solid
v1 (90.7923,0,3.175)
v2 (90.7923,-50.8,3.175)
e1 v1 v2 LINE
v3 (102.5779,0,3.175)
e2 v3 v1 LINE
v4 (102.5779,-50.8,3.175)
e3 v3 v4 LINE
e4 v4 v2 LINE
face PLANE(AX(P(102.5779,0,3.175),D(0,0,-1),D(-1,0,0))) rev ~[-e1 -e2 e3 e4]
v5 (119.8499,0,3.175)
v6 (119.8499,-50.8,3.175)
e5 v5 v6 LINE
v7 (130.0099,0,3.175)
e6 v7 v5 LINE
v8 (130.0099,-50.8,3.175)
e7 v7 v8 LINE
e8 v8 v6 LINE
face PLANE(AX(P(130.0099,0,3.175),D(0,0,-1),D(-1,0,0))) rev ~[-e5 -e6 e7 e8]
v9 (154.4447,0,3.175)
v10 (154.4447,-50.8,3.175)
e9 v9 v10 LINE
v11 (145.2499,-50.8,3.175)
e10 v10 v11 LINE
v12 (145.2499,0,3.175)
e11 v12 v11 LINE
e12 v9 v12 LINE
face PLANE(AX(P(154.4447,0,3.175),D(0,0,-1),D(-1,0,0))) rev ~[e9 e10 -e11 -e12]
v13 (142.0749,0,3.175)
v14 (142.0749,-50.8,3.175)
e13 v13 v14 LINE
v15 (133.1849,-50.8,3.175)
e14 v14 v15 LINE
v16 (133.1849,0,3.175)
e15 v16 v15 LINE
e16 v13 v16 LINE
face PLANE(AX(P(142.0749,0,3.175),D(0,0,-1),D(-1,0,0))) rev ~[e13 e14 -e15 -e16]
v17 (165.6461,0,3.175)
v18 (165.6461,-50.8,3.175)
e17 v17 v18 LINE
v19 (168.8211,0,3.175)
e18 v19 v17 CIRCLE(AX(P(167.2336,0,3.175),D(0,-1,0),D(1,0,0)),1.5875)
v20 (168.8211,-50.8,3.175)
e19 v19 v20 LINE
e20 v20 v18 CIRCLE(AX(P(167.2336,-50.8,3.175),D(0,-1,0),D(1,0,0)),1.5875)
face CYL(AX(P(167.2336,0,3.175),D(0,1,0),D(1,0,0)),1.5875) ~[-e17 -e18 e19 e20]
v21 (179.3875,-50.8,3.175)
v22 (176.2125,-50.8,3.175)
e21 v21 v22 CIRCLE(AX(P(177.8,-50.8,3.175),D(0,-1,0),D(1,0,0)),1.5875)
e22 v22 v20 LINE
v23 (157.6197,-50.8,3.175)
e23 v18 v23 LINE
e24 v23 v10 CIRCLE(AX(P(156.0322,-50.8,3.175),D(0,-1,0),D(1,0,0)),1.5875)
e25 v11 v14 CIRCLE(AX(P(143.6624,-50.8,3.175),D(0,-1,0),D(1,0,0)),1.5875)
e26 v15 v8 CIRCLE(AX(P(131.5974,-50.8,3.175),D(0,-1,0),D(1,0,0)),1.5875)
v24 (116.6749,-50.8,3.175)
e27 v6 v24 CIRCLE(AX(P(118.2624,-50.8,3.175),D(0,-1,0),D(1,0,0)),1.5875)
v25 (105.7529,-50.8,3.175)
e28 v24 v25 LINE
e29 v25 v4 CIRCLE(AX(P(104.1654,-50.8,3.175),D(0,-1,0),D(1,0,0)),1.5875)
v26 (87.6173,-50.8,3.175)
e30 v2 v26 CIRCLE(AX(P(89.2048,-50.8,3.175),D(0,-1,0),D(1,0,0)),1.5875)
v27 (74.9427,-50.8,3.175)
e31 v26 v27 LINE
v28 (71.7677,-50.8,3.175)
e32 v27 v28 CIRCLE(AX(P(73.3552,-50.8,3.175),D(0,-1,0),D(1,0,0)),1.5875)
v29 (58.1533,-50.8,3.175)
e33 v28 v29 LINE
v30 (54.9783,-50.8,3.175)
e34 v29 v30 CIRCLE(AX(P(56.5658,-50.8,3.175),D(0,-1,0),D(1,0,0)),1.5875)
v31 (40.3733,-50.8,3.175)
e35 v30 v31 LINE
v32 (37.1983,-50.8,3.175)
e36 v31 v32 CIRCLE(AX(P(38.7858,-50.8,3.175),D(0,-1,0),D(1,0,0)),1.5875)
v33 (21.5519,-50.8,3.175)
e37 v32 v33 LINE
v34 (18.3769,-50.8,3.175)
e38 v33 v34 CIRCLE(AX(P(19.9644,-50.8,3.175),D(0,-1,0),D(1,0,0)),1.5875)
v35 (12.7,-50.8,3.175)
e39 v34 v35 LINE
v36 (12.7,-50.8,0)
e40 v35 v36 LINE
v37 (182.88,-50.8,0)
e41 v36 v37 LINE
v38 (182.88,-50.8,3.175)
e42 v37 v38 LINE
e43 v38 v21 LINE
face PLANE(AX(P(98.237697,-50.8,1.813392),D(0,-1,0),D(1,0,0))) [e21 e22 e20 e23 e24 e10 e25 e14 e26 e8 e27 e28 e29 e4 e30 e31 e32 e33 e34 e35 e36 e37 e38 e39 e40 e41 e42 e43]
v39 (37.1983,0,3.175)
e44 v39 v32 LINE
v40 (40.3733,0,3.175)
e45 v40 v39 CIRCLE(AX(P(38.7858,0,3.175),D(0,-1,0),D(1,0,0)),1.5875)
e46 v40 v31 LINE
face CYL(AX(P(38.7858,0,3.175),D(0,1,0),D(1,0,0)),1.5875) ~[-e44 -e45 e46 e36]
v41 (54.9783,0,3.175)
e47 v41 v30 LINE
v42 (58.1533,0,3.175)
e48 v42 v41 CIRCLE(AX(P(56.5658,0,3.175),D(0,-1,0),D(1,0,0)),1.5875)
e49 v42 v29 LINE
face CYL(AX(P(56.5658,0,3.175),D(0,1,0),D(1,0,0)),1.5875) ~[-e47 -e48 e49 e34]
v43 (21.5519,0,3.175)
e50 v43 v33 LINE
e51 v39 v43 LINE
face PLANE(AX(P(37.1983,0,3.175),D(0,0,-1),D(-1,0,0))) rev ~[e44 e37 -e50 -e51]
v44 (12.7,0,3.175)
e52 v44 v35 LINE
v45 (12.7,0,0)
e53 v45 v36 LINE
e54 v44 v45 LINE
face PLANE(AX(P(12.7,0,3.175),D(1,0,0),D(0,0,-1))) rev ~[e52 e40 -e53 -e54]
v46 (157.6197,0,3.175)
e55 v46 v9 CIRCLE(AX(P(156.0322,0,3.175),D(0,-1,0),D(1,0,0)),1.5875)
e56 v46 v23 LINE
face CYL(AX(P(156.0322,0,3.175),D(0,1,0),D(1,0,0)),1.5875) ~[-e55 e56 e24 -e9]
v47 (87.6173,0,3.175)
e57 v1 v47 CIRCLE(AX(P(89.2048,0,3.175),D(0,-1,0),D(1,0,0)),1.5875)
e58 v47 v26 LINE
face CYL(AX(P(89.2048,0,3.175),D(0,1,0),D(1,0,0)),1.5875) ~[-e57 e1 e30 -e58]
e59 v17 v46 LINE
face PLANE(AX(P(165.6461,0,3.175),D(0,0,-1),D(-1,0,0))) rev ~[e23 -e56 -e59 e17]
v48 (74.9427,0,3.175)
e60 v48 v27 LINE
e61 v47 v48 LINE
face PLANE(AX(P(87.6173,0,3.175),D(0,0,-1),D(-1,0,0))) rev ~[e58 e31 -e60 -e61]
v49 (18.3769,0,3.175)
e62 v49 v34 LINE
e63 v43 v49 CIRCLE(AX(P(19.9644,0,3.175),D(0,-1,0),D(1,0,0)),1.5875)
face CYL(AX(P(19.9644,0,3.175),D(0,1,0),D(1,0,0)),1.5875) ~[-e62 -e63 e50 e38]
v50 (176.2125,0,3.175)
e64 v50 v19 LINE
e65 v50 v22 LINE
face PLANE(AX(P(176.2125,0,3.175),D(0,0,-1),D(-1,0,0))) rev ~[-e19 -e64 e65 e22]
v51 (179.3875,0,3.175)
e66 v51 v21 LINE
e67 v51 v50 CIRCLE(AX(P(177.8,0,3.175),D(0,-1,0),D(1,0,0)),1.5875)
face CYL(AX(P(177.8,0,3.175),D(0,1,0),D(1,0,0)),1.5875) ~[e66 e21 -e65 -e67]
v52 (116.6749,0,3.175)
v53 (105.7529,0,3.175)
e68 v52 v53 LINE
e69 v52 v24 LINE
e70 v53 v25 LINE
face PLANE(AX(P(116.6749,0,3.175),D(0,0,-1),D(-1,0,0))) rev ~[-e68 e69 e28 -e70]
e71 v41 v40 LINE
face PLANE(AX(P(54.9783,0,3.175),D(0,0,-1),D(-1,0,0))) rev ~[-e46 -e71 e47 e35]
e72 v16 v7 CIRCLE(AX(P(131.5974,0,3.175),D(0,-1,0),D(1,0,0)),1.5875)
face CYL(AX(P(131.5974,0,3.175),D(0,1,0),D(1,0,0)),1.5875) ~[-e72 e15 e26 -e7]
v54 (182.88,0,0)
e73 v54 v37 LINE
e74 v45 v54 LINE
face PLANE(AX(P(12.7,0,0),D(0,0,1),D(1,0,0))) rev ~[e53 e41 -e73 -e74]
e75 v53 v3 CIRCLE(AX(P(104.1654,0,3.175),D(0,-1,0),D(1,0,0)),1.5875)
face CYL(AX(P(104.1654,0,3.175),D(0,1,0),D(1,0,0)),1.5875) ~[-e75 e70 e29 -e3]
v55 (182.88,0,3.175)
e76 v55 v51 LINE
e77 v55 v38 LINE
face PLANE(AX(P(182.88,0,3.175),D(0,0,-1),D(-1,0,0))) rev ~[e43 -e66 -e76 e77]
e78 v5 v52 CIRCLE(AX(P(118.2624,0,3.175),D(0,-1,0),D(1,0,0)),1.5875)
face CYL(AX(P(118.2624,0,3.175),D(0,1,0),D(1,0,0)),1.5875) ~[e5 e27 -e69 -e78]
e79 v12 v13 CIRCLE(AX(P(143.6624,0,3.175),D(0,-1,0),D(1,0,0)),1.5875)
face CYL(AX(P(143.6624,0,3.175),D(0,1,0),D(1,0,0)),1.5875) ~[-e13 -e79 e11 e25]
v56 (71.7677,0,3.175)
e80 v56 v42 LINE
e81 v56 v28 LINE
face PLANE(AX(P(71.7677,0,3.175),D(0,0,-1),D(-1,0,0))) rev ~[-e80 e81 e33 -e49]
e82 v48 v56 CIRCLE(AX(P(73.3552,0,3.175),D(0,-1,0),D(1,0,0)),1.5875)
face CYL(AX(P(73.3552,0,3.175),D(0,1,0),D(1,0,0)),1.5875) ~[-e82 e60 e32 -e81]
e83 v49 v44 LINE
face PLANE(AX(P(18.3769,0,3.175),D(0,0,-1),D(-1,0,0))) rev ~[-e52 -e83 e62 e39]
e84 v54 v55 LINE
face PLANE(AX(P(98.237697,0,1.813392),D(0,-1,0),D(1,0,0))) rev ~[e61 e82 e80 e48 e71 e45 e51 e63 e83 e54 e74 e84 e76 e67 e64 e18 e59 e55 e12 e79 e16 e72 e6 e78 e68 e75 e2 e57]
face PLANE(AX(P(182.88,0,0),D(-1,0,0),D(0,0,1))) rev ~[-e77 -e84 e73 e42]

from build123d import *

# Parameters (mm, degrees)
F1_DEPTH = 50.8


with BuildPart() as f1:
    # F0 (on Front) → F1 (new body)
    with BuildSketch(Plane.XZ):
        with BuildLine():
            Line((12.7, 3.175), (12.7, 0))
            Line((12.7, 0), (182.88, 0))
            Line((182.88, 0), (182.88, 3.175))
            Line((182.88, 3.175), (179.3875, 3.175))
            ThreePointArc((179.3875, 3.175), (177.8, 4.7625), (176.2125, 3.175))
            Line((176.2125, 3.175), (168.8211, 3.175))
            ThreePointArc((168.8211, 3.175), (167.2336, 4.7625), (165.6461, 3.175))
            Line((165.6461, 3.175), (157.6197, 3.175))
            ThreePointArc((157.6197, 3.175), (156.0322, 4.7625), (154.4447, 3.175))
            Line((154.4447, 3.175), (145.2499, 3.175))
            ThreePointArc((145.2499, 3.175), (143.6624, 4.7625), (142.0749, 3.175))
            Line((142.0749, 3.175), (133.1849, 3.175))
            ThreePointArc((133.1849, 3.175), (131.5974, 4.7625), (130.0099, 3.175))
            Line((130.0099, 3.175), (119.8499, 3.175))
            ThreePointArc((119.8499, 3.175), (118.2624, 4.7625), (116.6749, 3.175))
            Line((116.6749, 3.175), (105.7529, 3.175))
            ThreePointArc((105.7529, 3.175), (104.1654, 4.7625), (102.5779, 3.175))
            Line((102.5779, 3.175), (90.7923, 3.175))
            ThreePointArc((90.7923, 3.175), (89.2048, 4.7625), (87.6173, 3.175))
            Line((87.6173, 3.175), (74.9427, 3.175))
            ThreePointArc((74.9427, 3.175), (73.3552, 4.7625), (71.7677, 3.175))
            Line((71.7677, 3.175), (58.1533, 3.175))
            ThreePointArc((58.1533, 3.175), (56.5658, 4.7625), (54.9783, 3.175))
            Line((54.9783, 3.175), (40.3733, 3.175))
            ThreePointArc((40.3733, 3.175), (38.7858, 4.7625), (37.1983, 3.175))
            Line((37.1983, 3.175), (21.5519, 3.175))
            ThreePointArc((21.5519, 3.175), (19.9644, 4.7625), (18.3769, 3.175))
            Line((18.3769, 3.175), (12.7, 3.175))
        make_face()
    extrude(amount=F1_DEPTH)


solid = f1.part
